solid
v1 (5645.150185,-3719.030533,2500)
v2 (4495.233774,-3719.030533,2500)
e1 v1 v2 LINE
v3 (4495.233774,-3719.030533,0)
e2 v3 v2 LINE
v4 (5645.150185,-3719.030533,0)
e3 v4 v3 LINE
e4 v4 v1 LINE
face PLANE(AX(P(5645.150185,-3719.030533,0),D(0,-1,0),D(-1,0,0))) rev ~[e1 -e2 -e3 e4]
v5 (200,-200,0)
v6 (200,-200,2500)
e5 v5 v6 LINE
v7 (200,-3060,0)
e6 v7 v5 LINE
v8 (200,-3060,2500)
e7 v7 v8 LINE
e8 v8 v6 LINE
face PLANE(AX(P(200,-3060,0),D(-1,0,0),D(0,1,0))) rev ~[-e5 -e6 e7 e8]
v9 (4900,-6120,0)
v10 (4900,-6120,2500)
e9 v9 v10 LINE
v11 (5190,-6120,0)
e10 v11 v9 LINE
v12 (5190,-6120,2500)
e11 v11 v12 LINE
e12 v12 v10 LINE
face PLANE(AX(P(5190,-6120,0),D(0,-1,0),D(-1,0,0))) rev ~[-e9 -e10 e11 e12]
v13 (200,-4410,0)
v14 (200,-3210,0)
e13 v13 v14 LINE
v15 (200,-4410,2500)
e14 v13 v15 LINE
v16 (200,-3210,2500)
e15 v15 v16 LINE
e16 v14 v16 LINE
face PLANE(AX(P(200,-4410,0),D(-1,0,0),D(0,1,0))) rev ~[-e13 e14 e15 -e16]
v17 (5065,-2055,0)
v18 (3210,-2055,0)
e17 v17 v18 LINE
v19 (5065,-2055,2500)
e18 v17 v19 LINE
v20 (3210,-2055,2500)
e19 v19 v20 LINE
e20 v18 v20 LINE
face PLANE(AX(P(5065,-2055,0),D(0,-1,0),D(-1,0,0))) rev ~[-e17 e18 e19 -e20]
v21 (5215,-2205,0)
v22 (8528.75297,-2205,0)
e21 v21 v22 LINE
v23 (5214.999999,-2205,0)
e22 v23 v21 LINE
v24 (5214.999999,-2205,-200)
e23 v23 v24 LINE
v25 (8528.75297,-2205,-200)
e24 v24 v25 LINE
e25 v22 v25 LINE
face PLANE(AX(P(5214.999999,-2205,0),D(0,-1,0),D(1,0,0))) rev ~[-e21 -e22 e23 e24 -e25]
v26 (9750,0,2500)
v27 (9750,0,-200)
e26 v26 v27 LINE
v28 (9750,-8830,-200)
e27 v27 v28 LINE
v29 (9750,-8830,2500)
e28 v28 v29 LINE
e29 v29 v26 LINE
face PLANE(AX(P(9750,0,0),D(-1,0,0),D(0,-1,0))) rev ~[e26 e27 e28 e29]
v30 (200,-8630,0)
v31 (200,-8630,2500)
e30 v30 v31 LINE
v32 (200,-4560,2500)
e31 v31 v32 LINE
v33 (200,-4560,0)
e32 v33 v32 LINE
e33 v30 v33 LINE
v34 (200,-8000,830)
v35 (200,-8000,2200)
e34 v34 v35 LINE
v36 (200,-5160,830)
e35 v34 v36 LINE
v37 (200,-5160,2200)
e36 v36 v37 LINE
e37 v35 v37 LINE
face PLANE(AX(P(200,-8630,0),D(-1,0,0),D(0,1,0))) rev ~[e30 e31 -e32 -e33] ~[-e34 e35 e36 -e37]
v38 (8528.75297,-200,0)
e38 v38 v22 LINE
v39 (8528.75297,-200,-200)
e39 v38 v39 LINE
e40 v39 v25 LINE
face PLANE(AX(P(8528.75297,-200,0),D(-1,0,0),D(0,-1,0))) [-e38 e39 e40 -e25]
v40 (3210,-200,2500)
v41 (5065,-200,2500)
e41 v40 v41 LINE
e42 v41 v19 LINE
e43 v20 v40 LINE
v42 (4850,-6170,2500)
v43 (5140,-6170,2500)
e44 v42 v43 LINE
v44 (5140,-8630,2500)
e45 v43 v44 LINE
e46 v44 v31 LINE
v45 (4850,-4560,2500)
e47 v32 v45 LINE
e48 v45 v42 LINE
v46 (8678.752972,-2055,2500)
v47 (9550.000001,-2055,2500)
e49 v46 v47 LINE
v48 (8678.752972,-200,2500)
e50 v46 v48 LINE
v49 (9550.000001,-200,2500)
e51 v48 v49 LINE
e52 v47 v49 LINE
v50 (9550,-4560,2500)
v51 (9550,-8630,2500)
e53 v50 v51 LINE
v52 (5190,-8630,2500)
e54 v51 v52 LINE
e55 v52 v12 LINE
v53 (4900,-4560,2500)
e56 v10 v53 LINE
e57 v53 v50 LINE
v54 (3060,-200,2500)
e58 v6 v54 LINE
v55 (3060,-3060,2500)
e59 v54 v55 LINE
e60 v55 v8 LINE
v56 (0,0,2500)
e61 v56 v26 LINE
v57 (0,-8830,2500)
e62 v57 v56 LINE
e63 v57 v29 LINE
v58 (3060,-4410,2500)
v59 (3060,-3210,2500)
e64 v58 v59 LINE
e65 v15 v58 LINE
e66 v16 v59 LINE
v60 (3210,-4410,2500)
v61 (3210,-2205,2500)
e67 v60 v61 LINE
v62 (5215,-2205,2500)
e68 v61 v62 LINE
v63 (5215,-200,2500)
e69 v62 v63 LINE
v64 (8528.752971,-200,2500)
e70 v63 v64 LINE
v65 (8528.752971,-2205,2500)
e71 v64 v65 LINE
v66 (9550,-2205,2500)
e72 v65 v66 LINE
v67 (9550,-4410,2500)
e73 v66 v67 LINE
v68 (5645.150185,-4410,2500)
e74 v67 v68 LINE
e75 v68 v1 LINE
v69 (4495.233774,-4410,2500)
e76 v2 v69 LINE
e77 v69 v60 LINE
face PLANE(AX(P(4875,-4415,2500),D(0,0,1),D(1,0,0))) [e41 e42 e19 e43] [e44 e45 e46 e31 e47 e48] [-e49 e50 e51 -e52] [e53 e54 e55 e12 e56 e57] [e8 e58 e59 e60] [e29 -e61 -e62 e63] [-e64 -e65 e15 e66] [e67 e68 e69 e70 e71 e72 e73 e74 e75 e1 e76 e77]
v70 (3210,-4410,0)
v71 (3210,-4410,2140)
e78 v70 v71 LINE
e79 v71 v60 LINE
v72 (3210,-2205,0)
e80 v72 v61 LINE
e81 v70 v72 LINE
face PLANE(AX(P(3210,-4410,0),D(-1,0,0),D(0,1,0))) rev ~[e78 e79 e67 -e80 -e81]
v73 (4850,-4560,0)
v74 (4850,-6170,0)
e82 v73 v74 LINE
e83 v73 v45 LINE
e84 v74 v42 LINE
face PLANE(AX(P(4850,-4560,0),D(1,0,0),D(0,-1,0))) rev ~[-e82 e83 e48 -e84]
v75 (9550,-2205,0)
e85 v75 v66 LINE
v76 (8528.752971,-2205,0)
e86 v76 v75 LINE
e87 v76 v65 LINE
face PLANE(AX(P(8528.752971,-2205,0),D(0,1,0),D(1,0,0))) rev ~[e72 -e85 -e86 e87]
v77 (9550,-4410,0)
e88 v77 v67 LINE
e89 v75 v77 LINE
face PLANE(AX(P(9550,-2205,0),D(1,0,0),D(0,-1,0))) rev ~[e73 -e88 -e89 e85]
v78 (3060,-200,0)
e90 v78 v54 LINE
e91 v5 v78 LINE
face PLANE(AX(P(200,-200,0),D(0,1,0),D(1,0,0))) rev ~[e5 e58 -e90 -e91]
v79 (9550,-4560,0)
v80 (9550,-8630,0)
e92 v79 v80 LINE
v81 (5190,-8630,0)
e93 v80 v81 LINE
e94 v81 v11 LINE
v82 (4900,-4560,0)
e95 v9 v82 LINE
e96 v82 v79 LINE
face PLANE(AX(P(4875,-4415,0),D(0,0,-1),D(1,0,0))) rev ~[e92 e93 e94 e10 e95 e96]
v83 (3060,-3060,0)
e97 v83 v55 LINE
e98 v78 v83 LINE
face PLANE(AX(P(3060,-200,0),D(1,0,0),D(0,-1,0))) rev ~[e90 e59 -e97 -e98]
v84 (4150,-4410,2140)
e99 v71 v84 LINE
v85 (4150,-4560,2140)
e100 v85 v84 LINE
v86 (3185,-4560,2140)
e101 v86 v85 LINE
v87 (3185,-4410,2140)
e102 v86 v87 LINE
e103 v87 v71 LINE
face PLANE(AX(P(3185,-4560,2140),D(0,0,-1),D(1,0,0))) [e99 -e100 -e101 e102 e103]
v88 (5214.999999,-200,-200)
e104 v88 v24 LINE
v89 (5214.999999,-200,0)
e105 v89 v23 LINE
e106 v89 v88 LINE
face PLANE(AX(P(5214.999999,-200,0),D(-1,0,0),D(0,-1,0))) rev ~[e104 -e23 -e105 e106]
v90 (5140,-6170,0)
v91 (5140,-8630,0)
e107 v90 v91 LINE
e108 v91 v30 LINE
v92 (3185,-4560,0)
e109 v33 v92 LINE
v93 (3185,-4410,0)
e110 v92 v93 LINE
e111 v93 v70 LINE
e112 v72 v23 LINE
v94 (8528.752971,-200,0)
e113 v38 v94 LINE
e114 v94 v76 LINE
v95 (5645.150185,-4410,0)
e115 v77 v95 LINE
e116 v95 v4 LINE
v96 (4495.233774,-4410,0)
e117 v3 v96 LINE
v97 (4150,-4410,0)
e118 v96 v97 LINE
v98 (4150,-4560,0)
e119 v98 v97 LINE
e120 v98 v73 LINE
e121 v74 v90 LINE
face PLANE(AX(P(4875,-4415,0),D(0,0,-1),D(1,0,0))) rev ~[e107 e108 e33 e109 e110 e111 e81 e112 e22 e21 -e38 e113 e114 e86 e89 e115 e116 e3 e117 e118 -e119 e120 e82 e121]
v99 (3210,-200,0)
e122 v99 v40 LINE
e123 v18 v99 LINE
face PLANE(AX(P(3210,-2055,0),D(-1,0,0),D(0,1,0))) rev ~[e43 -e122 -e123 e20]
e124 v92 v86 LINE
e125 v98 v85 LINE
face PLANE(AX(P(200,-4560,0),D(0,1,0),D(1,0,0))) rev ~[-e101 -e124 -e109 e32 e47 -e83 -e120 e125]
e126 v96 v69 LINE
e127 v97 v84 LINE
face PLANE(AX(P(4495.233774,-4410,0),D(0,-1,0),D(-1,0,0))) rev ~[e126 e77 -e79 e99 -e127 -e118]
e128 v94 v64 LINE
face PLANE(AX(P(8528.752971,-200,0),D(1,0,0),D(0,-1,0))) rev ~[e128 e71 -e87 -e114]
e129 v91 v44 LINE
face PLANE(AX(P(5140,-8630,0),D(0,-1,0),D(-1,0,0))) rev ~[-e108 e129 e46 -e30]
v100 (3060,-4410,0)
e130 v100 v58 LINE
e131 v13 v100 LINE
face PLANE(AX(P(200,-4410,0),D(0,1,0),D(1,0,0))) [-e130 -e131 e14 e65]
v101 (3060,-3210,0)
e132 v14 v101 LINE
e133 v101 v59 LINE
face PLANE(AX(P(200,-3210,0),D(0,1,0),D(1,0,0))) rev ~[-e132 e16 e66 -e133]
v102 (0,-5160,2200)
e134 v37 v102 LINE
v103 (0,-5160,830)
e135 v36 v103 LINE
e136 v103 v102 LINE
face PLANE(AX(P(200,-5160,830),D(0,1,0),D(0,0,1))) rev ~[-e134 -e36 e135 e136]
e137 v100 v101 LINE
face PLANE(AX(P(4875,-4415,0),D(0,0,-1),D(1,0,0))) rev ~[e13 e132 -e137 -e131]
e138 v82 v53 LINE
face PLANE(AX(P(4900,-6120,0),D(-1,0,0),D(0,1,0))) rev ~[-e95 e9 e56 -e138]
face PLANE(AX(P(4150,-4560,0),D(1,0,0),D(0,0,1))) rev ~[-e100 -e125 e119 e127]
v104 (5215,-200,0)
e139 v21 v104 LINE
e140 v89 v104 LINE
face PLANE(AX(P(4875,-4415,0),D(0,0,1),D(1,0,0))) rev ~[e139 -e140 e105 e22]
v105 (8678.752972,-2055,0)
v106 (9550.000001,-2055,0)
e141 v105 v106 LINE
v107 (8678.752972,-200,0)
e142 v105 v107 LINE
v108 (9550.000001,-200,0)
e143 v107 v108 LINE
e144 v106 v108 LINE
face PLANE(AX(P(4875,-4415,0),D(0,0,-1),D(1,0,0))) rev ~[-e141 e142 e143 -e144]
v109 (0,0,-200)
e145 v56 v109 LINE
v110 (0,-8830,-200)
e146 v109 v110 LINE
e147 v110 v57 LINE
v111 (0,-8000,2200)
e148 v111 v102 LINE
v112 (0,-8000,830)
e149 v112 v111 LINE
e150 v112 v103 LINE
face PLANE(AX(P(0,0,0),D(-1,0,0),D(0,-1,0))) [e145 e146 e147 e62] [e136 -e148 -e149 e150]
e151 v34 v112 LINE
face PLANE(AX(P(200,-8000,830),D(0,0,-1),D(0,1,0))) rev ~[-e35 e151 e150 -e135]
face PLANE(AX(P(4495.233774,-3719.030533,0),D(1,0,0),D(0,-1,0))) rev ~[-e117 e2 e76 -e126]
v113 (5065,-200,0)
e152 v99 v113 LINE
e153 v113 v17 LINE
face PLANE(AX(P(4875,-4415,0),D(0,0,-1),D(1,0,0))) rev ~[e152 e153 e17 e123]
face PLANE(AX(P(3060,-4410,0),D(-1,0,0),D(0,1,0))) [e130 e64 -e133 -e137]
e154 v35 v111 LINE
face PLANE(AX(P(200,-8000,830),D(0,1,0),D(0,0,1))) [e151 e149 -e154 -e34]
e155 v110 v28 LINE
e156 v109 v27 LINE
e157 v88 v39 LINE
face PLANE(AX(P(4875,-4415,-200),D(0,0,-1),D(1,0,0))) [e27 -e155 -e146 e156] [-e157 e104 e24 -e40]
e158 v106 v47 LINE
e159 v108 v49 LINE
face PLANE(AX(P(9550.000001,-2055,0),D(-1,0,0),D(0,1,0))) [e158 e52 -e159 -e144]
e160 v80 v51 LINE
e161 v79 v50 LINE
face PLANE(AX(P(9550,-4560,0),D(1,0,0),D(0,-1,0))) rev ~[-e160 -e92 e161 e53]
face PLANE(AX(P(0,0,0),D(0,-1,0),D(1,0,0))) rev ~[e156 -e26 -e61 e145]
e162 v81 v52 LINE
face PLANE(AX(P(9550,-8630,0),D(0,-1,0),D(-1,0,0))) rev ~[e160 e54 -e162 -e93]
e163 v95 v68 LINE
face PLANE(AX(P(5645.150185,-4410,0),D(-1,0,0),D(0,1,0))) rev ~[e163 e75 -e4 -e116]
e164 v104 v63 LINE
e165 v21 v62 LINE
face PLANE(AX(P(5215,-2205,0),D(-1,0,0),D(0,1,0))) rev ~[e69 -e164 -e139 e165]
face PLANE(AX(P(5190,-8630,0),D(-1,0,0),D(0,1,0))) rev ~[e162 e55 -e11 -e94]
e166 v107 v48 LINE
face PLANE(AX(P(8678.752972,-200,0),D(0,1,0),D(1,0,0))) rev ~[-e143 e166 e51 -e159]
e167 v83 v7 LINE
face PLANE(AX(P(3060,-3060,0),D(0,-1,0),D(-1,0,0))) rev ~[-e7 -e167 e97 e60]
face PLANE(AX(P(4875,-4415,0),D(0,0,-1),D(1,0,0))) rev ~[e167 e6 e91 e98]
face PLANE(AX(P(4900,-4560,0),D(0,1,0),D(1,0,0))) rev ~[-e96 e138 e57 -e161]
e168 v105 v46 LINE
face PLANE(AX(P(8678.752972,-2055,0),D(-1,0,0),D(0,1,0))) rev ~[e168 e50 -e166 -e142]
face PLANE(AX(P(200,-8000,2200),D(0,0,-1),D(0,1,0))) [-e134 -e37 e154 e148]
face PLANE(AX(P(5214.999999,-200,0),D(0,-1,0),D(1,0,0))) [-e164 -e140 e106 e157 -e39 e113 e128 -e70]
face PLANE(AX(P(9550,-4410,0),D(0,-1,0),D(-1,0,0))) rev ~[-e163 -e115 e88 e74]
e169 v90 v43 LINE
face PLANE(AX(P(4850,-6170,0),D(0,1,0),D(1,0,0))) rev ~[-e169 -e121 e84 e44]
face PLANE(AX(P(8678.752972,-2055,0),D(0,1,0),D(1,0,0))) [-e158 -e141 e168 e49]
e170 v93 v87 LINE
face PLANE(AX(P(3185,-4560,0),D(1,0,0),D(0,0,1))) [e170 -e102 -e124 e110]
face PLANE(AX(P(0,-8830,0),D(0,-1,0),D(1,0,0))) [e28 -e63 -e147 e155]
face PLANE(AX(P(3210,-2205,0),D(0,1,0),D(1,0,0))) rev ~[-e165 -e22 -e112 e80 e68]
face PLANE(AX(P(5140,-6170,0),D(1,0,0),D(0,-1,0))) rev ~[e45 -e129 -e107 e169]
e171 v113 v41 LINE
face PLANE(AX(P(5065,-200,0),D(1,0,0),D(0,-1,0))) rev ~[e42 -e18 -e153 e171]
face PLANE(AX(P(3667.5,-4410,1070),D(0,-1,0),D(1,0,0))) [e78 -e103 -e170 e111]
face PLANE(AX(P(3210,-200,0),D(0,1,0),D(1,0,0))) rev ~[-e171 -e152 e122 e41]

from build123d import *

# Parameters (mm, degrees)
F0_W     = 9750
F0_H     = 8830
F0_W_2   = 2860
F0_H_2   = 1200
F0_W_3   = 871.247029
F0_H_3   = 1855
F1_DEPTH = 2500
F2_W     = 9750
F2_H     = 8830
F2_W_2   = 3313.752971
F2_H_2   = 2005
F3_DEPTH = 200
F4_W     = 965
F4_H     = 2140
F5_DEPTH = 150
F6_W     = 2840
F6_H     = 1370
F7_DEPTH = 200


with BuildPart() as f1:
    # F0 (on Top) → F1 (new body)
    with BuildSketch(Plane.XY):
        with Locations((4875, -4415)):
            Rectangle(F0_W, F0_H)
        Polygon((200, -8630), (200, -4560), (4850, -4560), (4850, -6170), (5140, -6170), (5140, -8630), align=None, mode=Mode.SUBTRACT)
        Polygon((4900, -6120), (4900, -4560), (9550, -4560), (9550, -8630), (5190, -8630), (5190, -6120), align=None, mode=Mode.SUBTRACT)
        with Locations((1630, -3810)):
            Rectangle(F0_W_2, F0_H_2, mode=Mode.SUBTRACT)
        Polygon((200, -3060), (200, -200), (3060, -200), (3060, -1450), (3060, -3060), align=None, mode=Mode.SUBTRACT)
        Polygon((3210, -1300), (3210, -200), (5065, -200), (5065, -2055), (3210, -2055), align=None, mode=Mode.SUBTRACT)
        Polygon((3210, -4410), (3210, -2205), (5215, -2205), (5215, -200), (8528.752971, -200), (8528.752971, -2205), (9550, -2205), (9550, -4410), (5645.150185, -4410), (5645.150185, -3719.030533), (4495.233774, -3719.030533), (4495.233774, -4410), align=None, mode=Mode.SUBTRACT)
        with Locations((9114.376486, -1127.5)):
            Rectangle(F0_W_3, F0_H_3, mode=Mode.SUBTRACT)
    extrude(amount=F1_DEPTH)

    # F2 (on face) → F3 (join)
    with BuildSketch(Plane(origin=(0, 0, 0), x_dir=(1, 0, 0), z_dir=(0, 0, -1))):
        with Locations((4875, 4415)):
            Rectangle(F2_W, F2_H)
        with Locations((6871.876485, 1202.5)):
            Rectangle(F2_W_2, F2_H_2, mode=Mode.SUBTRACT)
    extrude(amount=F3_DEPTH)

    # F4 (on face) → F5 (cut, through all)
    with BuildSketch(Plane.XZ.offset(4560)):
        with Locations((3667.5, 1070)):
            Rectangle(F4_W, F4_H)
    extrude(amount=-F5_DEPTH, mode=Mode.SUBTRACT)

    # F6 (on face) → F7 (cut, through all)
    with BuildSketch(Plane.YZ.offset(200)):
        with Locations((-6580, 1515)):
            Rectangle(F6_W, F6_H)
    extrude(amount=-F7_DEPTH, mode=Mode.SUBTRACT)


solid = f1.part
